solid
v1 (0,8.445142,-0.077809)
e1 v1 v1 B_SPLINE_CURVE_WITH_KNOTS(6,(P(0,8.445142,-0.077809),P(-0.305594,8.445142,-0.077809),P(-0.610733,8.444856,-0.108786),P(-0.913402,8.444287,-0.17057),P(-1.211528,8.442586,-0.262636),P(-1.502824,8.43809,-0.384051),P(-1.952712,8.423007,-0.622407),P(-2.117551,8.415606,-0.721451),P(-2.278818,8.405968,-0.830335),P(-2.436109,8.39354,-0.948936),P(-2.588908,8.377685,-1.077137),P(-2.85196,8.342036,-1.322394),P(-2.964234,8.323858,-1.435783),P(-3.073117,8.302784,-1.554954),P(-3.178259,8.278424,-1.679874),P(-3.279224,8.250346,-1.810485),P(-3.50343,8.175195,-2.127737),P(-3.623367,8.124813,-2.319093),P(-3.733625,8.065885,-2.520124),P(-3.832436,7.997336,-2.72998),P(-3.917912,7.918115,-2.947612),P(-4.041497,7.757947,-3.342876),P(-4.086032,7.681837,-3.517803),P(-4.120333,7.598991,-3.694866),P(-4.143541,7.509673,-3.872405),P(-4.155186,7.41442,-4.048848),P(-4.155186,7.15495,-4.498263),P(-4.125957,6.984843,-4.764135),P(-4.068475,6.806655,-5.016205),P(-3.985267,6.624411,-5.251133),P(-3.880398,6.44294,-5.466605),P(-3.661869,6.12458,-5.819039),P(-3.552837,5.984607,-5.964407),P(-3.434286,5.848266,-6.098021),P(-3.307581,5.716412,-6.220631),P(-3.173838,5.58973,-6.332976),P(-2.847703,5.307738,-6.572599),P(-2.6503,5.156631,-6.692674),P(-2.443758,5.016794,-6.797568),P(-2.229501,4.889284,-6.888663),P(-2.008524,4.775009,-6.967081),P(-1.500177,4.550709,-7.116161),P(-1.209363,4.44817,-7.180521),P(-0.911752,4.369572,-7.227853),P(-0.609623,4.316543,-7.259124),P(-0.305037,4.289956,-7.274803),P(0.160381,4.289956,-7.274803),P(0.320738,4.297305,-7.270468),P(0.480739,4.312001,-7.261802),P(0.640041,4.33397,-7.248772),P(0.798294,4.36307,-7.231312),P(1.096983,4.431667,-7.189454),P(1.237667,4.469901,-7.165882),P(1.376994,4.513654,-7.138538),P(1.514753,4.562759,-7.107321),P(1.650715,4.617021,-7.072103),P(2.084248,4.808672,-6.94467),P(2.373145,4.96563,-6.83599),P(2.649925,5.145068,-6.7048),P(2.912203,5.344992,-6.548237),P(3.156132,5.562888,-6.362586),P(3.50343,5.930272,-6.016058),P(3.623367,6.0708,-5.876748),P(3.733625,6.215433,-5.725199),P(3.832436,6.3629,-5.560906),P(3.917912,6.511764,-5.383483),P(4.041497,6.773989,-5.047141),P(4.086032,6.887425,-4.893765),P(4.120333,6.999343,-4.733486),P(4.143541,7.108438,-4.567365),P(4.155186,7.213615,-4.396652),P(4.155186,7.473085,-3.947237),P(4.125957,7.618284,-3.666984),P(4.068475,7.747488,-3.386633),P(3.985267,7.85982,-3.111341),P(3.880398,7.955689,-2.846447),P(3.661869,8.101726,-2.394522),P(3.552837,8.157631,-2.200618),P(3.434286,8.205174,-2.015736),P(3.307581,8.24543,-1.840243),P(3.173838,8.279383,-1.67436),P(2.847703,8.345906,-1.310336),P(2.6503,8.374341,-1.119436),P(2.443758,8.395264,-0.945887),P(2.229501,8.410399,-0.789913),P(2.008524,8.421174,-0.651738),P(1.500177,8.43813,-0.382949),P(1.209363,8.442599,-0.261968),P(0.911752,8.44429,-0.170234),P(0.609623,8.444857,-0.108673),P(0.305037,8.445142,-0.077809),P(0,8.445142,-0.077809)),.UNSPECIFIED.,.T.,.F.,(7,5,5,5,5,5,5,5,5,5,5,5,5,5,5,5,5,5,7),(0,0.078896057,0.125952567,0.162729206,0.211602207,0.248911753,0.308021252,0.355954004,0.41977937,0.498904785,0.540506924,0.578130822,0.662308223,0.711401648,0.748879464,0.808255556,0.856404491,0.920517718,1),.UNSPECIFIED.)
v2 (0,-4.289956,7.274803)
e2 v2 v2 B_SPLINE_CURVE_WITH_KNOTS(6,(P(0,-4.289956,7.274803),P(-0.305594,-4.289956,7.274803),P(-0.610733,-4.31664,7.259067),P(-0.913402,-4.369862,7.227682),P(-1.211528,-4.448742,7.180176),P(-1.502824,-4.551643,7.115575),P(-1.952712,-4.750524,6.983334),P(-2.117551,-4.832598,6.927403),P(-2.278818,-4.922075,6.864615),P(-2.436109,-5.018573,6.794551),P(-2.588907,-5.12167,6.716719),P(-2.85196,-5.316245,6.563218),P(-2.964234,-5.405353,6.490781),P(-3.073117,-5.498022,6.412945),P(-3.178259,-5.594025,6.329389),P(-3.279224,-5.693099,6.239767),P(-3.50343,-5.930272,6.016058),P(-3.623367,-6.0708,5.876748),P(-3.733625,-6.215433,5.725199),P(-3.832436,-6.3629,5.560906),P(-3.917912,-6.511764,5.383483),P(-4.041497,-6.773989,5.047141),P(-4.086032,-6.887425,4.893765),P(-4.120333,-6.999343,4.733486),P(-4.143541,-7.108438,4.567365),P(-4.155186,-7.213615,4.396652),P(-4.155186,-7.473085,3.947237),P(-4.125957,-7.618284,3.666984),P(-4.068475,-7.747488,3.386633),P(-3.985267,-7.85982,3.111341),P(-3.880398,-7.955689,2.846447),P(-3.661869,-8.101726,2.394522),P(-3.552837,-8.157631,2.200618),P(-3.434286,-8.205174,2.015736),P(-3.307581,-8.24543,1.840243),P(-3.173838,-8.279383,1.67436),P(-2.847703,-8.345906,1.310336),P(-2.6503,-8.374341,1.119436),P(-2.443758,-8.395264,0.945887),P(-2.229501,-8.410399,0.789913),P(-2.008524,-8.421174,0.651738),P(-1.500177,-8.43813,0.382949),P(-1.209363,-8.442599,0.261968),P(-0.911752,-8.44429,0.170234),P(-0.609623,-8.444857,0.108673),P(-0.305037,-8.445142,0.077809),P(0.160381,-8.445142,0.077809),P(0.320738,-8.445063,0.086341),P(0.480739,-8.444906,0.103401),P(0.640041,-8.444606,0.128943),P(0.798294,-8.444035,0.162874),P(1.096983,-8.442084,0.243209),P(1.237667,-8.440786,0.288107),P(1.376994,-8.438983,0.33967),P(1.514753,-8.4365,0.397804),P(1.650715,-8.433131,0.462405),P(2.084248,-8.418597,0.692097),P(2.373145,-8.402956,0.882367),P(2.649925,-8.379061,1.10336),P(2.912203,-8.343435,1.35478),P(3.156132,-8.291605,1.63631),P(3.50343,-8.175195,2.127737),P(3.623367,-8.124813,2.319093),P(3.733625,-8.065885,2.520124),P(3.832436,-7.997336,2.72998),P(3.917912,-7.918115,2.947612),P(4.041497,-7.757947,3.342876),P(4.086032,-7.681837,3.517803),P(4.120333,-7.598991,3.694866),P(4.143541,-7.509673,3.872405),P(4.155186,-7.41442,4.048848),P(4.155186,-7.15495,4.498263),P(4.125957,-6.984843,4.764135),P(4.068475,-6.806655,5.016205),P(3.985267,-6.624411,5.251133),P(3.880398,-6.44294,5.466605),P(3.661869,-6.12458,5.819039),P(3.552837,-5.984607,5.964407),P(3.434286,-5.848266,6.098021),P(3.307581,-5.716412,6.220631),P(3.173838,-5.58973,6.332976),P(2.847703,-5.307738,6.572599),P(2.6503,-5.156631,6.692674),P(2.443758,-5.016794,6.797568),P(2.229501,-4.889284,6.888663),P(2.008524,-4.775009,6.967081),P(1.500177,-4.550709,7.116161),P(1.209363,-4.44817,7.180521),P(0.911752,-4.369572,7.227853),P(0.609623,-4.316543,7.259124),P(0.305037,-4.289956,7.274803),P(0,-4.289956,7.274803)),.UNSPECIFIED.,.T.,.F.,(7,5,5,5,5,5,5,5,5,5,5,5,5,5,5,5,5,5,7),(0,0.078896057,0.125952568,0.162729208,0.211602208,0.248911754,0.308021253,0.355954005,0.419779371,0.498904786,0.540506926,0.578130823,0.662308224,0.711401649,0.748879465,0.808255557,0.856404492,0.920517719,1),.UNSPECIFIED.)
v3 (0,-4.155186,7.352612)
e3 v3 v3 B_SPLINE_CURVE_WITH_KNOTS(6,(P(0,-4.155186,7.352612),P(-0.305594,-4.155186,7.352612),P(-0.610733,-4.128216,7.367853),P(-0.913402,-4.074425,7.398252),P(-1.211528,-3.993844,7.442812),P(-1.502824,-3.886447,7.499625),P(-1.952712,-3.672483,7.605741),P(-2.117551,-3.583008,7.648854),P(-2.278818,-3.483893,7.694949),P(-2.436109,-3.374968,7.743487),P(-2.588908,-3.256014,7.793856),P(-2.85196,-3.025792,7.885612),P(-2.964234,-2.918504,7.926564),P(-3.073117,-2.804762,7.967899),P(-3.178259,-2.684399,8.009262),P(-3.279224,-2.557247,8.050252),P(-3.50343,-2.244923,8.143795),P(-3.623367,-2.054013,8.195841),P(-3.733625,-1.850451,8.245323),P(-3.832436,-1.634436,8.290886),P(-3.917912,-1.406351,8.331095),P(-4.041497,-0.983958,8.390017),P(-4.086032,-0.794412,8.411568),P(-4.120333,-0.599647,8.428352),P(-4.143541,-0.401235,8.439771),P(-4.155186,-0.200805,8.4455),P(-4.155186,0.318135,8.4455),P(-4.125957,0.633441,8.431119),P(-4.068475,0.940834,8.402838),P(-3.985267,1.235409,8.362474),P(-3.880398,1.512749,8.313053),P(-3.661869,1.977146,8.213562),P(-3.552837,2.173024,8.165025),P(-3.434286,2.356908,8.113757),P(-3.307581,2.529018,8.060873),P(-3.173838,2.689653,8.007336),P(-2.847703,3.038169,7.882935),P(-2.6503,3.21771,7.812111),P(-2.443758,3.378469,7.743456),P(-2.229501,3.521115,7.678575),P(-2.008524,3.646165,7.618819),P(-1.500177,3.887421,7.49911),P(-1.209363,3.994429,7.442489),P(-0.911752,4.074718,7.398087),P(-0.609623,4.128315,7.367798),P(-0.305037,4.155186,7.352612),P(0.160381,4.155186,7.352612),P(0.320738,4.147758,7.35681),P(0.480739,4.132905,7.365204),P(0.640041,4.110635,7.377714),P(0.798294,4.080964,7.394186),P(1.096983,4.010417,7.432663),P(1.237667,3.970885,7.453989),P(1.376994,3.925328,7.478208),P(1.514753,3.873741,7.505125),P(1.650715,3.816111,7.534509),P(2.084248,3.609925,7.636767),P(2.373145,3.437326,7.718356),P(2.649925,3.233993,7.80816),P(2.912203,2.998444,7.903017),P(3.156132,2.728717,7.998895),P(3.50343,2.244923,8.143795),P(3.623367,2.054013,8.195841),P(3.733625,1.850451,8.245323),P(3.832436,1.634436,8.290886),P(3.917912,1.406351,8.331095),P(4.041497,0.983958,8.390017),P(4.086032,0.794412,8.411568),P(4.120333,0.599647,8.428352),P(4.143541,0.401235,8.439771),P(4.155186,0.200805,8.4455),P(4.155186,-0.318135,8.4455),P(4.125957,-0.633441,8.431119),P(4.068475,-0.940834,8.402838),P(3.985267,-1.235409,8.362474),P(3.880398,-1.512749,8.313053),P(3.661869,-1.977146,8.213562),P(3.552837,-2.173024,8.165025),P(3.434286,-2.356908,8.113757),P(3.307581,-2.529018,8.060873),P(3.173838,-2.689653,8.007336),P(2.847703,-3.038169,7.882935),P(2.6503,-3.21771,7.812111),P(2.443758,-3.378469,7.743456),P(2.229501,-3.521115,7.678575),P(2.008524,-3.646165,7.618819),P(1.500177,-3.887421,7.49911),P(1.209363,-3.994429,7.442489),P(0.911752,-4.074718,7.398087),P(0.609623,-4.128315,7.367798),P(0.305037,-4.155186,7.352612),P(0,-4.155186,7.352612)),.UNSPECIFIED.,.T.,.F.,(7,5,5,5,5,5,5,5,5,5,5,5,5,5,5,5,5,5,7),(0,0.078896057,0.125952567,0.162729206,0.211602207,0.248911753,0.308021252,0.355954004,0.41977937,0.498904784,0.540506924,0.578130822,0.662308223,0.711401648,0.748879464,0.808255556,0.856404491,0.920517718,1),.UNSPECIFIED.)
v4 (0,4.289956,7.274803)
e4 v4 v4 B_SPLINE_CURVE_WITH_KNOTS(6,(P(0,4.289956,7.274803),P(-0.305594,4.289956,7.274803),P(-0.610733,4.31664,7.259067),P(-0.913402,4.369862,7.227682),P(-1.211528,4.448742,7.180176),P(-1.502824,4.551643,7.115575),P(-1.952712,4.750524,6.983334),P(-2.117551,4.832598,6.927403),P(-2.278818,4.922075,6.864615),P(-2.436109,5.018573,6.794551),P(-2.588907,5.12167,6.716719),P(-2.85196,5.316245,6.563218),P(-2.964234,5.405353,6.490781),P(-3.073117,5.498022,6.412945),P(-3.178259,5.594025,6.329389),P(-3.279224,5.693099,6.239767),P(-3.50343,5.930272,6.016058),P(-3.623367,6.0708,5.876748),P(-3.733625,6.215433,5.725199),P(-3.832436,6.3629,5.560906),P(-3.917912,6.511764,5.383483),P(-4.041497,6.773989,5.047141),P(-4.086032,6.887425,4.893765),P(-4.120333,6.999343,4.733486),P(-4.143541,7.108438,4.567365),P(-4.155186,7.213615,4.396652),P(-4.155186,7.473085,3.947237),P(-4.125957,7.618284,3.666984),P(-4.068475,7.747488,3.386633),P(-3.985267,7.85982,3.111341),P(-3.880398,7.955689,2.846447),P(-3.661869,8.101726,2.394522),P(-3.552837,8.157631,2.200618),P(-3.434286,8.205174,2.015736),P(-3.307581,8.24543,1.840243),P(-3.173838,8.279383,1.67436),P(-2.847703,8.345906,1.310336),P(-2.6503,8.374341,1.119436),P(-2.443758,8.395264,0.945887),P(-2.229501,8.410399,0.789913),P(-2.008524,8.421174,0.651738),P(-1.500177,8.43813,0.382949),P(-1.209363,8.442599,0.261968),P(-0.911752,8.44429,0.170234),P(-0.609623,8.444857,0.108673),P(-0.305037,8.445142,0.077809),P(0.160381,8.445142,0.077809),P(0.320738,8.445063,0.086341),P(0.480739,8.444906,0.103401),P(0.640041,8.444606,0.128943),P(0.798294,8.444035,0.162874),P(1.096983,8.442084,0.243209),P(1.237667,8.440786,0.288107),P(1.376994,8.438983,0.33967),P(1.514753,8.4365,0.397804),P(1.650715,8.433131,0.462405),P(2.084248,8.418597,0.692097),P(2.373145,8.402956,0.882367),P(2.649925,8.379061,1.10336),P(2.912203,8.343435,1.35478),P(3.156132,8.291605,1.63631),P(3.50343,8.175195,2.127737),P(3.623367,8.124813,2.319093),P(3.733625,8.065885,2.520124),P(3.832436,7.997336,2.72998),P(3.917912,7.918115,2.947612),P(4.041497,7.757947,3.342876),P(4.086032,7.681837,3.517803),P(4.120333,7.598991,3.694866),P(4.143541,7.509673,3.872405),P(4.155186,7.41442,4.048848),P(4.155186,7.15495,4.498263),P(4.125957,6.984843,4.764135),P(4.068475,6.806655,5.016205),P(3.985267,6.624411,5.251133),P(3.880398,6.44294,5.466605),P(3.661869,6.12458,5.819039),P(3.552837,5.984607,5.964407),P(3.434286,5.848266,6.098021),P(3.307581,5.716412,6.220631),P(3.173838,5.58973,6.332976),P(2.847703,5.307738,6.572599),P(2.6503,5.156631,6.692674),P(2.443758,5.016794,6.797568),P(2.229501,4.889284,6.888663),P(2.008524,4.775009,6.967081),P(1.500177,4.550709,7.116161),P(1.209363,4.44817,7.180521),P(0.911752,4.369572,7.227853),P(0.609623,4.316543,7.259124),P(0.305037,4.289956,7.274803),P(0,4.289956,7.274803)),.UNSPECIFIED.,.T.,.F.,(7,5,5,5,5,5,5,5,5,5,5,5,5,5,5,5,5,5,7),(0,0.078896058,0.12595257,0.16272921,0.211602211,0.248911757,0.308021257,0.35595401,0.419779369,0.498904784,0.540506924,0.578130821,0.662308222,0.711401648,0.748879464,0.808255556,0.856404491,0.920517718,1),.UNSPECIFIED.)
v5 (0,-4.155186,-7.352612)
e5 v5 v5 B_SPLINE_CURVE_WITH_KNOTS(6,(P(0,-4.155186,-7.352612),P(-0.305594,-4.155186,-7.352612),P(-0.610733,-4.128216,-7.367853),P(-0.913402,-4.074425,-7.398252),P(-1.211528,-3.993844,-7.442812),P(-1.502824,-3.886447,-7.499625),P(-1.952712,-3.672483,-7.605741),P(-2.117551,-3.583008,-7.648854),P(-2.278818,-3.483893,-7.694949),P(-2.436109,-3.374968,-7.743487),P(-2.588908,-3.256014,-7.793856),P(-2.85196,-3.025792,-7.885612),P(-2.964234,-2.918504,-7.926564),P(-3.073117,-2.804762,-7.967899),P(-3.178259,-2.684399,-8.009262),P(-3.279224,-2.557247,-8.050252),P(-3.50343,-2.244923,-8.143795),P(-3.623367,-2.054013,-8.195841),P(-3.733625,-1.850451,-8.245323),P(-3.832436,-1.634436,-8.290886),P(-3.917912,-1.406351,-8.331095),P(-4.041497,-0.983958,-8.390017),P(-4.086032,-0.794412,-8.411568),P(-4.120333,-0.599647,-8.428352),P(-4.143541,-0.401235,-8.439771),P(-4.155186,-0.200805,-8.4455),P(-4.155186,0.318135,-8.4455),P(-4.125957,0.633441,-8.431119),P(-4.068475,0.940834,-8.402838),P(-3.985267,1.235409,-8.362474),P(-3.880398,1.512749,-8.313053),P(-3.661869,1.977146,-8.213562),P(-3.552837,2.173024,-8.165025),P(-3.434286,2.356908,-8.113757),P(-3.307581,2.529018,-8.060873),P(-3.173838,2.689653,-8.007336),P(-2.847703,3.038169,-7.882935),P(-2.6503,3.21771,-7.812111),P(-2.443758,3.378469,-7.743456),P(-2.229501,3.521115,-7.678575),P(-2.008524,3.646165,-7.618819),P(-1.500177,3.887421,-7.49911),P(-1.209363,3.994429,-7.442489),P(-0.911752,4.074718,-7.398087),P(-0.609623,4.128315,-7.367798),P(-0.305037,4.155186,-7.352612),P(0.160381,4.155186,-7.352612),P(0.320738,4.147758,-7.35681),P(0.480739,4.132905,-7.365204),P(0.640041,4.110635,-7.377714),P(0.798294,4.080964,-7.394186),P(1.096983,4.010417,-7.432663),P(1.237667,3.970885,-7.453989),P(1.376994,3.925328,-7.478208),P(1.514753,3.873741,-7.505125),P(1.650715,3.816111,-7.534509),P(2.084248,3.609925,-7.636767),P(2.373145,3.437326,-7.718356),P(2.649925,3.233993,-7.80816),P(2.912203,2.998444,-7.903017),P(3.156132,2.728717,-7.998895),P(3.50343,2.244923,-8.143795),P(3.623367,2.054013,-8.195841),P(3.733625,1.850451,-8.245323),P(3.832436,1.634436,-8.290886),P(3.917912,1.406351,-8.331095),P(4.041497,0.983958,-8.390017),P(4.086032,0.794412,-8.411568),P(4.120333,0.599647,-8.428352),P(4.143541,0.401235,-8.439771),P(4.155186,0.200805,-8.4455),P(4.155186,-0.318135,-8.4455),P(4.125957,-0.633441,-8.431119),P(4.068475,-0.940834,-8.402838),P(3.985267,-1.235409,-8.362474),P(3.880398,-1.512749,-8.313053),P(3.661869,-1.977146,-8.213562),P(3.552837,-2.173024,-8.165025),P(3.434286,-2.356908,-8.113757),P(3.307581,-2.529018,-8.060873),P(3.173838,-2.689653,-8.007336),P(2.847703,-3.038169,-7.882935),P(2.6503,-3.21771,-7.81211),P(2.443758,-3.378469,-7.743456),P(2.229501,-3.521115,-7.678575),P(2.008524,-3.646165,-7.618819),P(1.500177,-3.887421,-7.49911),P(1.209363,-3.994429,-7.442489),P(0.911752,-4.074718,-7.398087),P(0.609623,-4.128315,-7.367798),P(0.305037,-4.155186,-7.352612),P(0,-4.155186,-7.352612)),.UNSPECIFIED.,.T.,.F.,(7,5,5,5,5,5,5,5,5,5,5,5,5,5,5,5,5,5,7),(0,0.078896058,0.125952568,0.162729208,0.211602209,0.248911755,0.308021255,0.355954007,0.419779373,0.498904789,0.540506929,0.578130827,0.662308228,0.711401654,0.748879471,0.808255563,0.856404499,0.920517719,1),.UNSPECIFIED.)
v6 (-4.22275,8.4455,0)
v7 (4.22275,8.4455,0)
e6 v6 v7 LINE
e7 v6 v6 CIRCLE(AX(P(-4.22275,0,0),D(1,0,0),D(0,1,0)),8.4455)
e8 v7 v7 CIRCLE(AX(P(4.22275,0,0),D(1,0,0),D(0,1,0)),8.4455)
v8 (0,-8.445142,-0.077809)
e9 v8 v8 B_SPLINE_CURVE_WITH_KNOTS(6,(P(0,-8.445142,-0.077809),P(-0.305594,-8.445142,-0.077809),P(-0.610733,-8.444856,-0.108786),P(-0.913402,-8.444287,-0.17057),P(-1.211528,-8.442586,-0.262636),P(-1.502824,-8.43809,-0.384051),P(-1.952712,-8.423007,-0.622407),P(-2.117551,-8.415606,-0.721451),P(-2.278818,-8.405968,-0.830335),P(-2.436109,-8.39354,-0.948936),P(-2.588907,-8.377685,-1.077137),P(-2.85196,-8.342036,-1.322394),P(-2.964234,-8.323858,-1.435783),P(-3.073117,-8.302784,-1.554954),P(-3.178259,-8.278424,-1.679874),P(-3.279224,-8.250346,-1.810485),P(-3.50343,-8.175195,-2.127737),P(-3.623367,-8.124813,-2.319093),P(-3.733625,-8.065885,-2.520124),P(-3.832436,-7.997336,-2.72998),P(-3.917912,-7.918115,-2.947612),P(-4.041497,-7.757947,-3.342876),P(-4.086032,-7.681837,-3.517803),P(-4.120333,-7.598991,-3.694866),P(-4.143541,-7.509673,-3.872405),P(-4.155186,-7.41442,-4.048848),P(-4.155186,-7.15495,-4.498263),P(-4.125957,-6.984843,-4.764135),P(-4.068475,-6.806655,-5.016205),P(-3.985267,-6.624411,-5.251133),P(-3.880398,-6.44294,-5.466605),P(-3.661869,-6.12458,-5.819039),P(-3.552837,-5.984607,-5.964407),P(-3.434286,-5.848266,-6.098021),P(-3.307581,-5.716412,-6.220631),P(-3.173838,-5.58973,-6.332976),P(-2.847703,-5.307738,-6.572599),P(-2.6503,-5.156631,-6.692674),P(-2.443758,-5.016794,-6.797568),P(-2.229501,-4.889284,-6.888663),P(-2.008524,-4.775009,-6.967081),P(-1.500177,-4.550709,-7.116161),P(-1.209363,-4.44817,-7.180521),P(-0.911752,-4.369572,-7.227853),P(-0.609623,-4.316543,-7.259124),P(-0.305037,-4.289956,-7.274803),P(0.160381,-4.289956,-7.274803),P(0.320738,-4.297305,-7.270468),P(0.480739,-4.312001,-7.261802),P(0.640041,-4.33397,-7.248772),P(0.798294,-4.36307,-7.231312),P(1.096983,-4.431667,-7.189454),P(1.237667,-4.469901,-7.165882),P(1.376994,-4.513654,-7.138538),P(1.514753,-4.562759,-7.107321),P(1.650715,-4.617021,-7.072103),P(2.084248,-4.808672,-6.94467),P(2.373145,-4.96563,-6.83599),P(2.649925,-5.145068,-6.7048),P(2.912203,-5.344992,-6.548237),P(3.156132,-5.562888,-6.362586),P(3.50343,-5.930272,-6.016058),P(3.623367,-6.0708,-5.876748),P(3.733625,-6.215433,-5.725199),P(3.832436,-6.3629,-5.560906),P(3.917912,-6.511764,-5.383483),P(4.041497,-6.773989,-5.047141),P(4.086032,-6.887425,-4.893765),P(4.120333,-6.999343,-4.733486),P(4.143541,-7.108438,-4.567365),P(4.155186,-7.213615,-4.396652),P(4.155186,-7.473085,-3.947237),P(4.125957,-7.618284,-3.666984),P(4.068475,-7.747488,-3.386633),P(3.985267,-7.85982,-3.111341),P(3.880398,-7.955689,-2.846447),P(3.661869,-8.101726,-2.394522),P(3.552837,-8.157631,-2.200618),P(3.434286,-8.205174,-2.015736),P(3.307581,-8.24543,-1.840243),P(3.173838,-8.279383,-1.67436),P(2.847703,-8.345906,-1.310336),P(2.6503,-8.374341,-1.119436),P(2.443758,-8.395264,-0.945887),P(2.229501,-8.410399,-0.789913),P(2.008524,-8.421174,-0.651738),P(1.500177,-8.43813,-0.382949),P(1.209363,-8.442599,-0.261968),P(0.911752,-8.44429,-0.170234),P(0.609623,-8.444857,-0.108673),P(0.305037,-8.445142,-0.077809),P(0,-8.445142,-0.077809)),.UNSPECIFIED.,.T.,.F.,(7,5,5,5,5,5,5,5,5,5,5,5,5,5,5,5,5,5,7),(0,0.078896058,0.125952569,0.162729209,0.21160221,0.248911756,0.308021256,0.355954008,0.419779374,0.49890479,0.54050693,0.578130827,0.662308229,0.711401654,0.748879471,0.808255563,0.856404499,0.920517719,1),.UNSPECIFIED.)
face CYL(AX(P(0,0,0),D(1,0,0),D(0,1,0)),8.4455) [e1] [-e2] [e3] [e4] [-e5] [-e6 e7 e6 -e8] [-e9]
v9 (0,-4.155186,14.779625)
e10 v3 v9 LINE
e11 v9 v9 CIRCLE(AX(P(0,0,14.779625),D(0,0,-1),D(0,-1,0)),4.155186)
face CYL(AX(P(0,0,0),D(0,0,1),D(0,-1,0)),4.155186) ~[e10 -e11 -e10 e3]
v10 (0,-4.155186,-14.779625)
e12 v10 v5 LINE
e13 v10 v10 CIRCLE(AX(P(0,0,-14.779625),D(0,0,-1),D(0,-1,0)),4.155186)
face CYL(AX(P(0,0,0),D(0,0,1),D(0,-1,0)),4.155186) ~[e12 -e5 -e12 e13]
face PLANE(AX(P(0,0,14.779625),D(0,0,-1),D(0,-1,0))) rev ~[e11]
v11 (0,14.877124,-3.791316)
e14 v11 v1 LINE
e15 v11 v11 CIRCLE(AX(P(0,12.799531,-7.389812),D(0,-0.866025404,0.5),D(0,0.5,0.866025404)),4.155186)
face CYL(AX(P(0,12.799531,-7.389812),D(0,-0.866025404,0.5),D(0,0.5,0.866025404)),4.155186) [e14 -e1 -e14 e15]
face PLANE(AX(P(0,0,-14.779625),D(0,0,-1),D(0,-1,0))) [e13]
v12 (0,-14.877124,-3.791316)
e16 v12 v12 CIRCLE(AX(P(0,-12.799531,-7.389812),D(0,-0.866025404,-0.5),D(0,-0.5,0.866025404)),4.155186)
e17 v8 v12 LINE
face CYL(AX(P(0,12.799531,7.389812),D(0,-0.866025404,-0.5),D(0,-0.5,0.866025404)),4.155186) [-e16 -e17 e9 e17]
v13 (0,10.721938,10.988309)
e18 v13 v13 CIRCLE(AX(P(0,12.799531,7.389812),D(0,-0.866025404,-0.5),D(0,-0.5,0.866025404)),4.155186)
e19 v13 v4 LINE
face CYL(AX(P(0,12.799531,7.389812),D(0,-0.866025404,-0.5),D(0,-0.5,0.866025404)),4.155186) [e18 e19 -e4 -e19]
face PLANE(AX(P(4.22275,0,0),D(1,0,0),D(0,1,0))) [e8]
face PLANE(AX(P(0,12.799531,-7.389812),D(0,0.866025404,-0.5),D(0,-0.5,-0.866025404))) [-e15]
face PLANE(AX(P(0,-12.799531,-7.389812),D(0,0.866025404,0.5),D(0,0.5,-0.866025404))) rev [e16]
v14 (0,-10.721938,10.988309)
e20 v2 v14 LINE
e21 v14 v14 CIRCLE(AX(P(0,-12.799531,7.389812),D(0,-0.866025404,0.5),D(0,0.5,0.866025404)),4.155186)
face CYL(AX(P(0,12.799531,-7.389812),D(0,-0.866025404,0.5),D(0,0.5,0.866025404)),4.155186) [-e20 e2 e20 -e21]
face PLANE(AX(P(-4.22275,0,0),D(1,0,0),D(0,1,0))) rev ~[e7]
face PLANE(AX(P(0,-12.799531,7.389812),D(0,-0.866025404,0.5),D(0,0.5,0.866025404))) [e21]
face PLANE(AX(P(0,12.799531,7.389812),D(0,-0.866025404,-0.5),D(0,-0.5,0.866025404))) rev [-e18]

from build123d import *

# Parameters (mm, degrees)
F0_W     = 4.155186
F0_H     = 29.55925
F6_R     = 8.4455
F7_DEPTH = 4.22275


with BuildPart() as f3:
    # F0 (on Right) → F3 (revolve)
    with BuildSketch(Plane.YZ):
        with Locations((-2.077593, 0)):
            Rectangle(F0_W, F0_H)
    revolve(axis=Axis((0, 0, 0), (0, 0, -1)))

    # F1 (on Right) → F4 (revolve)
    with BuildSketch(Plane.YZ):
        Polygon((-12.7995307084, -7.3898125), (12.7995307084, 7.3898125), (10.7219377084, 10.9883091334), (-14.8771237084, -3.7913158666), align=None)
    revolve(axis=Axis((0, 0, 0), (0, -0.8660254038, -0.5)))

    # F2 (on Right) → F5 (revolve)
    with BuildSketch(Plane.YZ):
        Polygon((-12.7995307084, 7.3898125), (12.7995307084, -7.3898125), (14.8771237084, -3.7913158666), (-10.7219377084, 10.9883091334), align=None)
    revolve(axis=Axis((0, 0, 0), (0, -0.8660254038, 0.5)))

    # F6 (on Right) → F7 (join, symmetric)
    with BuildSketch(Plane.YZ):
        Circle(F6_R)
    extrude(amount=F7_DEPTH, both=True)


solid = f3.part
